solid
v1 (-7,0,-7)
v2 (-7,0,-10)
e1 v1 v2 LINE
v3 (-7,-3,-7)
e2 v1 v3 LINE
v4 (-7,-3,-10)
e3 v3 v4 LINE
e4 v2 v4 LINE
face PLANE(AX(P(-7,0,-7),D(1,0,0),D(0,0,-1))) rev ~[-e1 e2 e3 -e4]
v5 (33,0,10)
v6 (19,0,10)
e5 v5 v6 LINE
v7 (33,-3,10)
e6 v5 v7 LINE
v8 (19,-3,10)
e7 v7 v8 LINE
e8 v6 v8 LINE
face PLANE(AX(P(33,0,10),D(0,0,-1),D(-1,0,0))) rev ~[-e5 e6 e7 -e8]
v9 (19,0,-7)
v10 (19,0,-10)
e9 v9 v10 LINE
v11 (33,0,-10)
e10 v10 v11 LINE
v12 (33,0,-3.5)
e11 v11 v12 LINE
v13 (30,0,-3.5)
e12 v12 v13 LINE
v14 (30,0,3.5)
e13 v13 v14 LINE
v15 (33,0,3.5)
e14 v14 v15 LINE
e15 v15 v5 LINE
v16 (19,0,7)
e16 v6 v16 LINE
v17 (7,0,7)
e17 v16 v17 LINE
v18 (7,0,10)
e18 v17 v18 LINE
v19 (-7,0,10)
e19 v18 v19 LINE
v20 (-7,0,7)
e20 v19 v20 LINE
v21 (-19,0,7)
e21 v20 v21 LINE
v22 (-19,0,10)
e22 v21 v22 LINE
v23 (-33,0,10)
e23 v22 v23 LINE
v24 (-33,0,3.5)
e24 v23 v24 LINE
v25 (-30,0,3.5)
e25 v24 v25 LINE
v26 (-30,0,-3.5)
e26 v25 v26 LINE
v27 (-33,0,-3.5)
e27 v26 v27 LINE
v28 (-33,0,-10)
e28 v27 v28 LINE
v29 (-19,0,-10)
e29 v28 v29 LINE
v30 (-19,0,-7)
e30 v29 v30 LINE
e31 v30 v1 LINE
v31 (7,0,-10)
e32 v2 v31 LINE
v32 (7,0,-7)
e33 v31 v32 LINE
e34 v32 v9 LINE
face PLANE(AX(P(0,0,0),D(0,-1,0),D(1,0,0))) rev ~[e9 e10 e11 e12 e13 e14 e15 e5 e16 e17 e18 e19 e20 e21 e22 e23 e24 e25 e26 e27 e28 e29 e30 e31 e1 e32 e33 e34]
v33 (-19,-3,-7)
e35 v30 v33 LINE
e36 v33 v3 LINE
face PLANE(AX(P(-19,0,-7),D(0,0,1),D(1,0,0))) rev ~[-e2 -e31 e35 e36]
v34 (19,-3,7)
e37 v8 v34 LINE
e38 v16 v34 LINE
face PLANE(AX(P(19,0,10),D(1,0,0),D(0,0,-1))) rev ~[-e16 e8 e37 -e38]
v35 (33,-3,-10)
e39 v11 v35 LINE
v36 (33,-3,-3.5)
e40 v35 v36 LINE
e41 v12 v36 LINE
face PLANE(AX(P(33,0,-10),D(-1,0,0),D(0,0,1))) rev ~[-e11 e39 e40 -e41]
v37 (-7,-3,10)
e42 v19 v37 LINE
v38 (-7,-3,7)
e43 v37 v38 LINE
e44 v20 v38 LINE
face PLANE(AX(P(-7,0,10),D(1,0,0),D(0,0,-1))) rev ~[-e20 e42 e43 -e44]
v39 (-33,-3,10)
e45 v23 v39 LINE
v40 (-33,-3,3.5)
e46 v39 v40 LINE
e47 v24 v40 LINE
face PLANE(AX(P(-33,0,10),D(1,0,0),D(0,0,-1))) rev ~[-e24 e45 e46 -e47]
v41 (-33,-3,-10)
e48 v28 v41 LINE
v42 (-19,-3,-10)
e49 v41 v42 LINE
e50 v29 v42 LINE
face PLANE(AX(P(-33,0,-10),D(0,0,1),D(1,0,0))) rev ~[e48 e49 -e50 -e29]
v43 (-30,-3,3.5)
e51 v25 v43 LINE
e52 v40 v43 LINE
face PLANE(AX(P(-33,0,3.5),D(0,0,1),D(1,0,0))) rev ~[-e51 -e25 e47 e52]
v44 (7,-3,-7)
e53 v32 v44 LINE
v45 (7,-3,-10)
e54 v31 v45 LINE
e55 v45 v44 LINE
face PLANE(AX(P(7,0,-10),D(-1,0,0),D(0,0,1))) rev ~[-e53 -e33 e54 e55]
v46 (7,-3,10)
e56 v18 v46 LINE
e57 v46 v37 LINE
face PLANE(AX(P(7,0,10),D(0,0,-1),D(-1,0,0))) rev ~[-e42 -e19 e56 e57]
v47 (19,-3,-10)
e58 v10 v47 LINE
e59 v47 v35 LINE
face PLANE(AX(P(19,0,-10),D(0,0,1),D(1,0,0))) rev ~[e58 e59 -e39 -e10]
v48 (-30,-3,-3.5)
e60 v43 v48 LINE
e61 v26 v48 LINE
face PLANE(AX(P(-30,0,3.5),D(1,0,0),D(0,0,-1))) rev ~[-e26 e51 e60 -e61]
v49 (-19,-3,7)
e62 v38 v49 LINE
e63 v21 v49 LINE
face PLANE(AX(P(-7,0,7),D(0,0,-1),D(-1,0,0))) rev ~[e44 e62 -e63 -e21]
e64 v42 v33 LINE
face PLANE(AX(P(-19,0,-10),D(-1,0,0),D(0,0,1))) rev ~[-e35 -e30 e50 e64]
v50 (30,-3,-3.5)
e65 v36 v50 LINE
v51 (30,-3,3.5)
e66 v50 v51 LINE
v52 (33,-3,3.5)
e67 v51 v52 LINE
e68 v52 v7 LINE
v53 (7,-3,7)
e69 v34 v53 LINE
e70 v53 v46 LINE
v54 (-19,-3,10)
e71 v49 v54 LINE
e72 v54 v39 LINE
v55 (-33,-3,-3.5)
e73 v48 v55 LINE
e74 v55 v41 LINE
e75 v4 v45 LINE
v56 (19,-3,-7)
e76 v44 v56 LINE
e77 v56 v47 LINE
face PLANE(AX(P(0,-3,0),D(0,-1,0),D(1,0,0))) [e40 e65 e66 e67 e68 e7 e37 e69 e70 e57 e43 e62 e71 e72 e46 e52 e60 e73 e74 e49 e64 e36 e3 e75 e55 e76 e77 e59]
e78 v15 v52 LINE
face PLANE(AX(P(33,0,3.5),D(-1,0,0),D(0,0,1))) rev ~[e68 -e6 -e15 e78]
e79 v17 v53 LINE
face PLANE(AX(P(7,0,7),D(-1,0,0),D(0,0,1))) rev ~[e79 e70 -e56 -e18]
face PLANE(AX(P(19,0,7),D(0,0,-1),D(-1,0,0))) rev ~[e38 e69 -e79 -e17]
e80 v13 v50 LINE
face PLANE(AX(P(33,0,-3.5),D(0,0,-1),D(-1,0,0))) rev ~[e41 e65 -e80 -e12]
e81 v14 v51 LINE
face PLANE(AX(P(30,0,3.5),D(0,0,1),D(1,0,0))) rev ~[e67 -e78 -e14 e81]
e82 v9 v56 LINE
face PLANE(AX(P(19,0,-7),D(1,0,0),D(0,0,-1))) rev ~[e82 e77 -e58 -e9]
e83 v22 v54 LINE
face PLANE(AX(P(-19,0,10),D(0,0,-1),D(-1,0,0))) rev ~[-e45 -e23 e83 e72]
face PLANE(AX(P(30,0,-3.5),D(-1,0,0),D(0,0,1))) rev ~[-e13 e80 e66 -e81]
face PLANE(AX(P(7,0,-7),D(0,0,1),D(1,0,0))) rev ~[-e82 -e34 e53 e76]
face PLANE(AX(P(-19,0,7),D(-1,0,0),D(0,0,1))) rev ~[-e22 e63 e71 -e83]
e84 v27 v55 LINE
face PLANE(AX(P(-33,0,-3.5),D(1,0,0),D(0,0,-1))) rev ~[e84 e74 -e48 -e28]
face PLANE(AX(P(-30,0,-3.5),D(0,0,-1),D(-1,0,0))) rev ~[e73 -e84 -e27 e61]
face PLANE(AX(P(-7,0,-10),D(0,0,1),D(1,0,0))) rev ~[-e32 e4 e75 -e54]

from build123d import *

# Parameters (mm, degrees)
F1_DEPTH = 3


with BuildPart() as f1:
    # F0 (on Front) → F1 (new body)
    with BuildSketch(Plane.XZ):
        Polygon((-19, 10), (-33, 10), (-33, 3.5), (-30, 3.5), (-30, -3.5), (-33, -3.5), (-33, -10), (-19, -10), (-19, -7), (-7, -7), (-7, -10), (7, -10), (7, -7), (19, -7), (19, -10), (33, -10), (33, -3.5), (30, -3.5), (30, 3.5), (33, 3.5), (33, 10), (19, 10), (19, 7), (7, 7), (7, 10), (-7, 10), (-7, 7), (-19, 7), align=None)
    extrude(amount=F1_DEPTH)


solid = f1.part
